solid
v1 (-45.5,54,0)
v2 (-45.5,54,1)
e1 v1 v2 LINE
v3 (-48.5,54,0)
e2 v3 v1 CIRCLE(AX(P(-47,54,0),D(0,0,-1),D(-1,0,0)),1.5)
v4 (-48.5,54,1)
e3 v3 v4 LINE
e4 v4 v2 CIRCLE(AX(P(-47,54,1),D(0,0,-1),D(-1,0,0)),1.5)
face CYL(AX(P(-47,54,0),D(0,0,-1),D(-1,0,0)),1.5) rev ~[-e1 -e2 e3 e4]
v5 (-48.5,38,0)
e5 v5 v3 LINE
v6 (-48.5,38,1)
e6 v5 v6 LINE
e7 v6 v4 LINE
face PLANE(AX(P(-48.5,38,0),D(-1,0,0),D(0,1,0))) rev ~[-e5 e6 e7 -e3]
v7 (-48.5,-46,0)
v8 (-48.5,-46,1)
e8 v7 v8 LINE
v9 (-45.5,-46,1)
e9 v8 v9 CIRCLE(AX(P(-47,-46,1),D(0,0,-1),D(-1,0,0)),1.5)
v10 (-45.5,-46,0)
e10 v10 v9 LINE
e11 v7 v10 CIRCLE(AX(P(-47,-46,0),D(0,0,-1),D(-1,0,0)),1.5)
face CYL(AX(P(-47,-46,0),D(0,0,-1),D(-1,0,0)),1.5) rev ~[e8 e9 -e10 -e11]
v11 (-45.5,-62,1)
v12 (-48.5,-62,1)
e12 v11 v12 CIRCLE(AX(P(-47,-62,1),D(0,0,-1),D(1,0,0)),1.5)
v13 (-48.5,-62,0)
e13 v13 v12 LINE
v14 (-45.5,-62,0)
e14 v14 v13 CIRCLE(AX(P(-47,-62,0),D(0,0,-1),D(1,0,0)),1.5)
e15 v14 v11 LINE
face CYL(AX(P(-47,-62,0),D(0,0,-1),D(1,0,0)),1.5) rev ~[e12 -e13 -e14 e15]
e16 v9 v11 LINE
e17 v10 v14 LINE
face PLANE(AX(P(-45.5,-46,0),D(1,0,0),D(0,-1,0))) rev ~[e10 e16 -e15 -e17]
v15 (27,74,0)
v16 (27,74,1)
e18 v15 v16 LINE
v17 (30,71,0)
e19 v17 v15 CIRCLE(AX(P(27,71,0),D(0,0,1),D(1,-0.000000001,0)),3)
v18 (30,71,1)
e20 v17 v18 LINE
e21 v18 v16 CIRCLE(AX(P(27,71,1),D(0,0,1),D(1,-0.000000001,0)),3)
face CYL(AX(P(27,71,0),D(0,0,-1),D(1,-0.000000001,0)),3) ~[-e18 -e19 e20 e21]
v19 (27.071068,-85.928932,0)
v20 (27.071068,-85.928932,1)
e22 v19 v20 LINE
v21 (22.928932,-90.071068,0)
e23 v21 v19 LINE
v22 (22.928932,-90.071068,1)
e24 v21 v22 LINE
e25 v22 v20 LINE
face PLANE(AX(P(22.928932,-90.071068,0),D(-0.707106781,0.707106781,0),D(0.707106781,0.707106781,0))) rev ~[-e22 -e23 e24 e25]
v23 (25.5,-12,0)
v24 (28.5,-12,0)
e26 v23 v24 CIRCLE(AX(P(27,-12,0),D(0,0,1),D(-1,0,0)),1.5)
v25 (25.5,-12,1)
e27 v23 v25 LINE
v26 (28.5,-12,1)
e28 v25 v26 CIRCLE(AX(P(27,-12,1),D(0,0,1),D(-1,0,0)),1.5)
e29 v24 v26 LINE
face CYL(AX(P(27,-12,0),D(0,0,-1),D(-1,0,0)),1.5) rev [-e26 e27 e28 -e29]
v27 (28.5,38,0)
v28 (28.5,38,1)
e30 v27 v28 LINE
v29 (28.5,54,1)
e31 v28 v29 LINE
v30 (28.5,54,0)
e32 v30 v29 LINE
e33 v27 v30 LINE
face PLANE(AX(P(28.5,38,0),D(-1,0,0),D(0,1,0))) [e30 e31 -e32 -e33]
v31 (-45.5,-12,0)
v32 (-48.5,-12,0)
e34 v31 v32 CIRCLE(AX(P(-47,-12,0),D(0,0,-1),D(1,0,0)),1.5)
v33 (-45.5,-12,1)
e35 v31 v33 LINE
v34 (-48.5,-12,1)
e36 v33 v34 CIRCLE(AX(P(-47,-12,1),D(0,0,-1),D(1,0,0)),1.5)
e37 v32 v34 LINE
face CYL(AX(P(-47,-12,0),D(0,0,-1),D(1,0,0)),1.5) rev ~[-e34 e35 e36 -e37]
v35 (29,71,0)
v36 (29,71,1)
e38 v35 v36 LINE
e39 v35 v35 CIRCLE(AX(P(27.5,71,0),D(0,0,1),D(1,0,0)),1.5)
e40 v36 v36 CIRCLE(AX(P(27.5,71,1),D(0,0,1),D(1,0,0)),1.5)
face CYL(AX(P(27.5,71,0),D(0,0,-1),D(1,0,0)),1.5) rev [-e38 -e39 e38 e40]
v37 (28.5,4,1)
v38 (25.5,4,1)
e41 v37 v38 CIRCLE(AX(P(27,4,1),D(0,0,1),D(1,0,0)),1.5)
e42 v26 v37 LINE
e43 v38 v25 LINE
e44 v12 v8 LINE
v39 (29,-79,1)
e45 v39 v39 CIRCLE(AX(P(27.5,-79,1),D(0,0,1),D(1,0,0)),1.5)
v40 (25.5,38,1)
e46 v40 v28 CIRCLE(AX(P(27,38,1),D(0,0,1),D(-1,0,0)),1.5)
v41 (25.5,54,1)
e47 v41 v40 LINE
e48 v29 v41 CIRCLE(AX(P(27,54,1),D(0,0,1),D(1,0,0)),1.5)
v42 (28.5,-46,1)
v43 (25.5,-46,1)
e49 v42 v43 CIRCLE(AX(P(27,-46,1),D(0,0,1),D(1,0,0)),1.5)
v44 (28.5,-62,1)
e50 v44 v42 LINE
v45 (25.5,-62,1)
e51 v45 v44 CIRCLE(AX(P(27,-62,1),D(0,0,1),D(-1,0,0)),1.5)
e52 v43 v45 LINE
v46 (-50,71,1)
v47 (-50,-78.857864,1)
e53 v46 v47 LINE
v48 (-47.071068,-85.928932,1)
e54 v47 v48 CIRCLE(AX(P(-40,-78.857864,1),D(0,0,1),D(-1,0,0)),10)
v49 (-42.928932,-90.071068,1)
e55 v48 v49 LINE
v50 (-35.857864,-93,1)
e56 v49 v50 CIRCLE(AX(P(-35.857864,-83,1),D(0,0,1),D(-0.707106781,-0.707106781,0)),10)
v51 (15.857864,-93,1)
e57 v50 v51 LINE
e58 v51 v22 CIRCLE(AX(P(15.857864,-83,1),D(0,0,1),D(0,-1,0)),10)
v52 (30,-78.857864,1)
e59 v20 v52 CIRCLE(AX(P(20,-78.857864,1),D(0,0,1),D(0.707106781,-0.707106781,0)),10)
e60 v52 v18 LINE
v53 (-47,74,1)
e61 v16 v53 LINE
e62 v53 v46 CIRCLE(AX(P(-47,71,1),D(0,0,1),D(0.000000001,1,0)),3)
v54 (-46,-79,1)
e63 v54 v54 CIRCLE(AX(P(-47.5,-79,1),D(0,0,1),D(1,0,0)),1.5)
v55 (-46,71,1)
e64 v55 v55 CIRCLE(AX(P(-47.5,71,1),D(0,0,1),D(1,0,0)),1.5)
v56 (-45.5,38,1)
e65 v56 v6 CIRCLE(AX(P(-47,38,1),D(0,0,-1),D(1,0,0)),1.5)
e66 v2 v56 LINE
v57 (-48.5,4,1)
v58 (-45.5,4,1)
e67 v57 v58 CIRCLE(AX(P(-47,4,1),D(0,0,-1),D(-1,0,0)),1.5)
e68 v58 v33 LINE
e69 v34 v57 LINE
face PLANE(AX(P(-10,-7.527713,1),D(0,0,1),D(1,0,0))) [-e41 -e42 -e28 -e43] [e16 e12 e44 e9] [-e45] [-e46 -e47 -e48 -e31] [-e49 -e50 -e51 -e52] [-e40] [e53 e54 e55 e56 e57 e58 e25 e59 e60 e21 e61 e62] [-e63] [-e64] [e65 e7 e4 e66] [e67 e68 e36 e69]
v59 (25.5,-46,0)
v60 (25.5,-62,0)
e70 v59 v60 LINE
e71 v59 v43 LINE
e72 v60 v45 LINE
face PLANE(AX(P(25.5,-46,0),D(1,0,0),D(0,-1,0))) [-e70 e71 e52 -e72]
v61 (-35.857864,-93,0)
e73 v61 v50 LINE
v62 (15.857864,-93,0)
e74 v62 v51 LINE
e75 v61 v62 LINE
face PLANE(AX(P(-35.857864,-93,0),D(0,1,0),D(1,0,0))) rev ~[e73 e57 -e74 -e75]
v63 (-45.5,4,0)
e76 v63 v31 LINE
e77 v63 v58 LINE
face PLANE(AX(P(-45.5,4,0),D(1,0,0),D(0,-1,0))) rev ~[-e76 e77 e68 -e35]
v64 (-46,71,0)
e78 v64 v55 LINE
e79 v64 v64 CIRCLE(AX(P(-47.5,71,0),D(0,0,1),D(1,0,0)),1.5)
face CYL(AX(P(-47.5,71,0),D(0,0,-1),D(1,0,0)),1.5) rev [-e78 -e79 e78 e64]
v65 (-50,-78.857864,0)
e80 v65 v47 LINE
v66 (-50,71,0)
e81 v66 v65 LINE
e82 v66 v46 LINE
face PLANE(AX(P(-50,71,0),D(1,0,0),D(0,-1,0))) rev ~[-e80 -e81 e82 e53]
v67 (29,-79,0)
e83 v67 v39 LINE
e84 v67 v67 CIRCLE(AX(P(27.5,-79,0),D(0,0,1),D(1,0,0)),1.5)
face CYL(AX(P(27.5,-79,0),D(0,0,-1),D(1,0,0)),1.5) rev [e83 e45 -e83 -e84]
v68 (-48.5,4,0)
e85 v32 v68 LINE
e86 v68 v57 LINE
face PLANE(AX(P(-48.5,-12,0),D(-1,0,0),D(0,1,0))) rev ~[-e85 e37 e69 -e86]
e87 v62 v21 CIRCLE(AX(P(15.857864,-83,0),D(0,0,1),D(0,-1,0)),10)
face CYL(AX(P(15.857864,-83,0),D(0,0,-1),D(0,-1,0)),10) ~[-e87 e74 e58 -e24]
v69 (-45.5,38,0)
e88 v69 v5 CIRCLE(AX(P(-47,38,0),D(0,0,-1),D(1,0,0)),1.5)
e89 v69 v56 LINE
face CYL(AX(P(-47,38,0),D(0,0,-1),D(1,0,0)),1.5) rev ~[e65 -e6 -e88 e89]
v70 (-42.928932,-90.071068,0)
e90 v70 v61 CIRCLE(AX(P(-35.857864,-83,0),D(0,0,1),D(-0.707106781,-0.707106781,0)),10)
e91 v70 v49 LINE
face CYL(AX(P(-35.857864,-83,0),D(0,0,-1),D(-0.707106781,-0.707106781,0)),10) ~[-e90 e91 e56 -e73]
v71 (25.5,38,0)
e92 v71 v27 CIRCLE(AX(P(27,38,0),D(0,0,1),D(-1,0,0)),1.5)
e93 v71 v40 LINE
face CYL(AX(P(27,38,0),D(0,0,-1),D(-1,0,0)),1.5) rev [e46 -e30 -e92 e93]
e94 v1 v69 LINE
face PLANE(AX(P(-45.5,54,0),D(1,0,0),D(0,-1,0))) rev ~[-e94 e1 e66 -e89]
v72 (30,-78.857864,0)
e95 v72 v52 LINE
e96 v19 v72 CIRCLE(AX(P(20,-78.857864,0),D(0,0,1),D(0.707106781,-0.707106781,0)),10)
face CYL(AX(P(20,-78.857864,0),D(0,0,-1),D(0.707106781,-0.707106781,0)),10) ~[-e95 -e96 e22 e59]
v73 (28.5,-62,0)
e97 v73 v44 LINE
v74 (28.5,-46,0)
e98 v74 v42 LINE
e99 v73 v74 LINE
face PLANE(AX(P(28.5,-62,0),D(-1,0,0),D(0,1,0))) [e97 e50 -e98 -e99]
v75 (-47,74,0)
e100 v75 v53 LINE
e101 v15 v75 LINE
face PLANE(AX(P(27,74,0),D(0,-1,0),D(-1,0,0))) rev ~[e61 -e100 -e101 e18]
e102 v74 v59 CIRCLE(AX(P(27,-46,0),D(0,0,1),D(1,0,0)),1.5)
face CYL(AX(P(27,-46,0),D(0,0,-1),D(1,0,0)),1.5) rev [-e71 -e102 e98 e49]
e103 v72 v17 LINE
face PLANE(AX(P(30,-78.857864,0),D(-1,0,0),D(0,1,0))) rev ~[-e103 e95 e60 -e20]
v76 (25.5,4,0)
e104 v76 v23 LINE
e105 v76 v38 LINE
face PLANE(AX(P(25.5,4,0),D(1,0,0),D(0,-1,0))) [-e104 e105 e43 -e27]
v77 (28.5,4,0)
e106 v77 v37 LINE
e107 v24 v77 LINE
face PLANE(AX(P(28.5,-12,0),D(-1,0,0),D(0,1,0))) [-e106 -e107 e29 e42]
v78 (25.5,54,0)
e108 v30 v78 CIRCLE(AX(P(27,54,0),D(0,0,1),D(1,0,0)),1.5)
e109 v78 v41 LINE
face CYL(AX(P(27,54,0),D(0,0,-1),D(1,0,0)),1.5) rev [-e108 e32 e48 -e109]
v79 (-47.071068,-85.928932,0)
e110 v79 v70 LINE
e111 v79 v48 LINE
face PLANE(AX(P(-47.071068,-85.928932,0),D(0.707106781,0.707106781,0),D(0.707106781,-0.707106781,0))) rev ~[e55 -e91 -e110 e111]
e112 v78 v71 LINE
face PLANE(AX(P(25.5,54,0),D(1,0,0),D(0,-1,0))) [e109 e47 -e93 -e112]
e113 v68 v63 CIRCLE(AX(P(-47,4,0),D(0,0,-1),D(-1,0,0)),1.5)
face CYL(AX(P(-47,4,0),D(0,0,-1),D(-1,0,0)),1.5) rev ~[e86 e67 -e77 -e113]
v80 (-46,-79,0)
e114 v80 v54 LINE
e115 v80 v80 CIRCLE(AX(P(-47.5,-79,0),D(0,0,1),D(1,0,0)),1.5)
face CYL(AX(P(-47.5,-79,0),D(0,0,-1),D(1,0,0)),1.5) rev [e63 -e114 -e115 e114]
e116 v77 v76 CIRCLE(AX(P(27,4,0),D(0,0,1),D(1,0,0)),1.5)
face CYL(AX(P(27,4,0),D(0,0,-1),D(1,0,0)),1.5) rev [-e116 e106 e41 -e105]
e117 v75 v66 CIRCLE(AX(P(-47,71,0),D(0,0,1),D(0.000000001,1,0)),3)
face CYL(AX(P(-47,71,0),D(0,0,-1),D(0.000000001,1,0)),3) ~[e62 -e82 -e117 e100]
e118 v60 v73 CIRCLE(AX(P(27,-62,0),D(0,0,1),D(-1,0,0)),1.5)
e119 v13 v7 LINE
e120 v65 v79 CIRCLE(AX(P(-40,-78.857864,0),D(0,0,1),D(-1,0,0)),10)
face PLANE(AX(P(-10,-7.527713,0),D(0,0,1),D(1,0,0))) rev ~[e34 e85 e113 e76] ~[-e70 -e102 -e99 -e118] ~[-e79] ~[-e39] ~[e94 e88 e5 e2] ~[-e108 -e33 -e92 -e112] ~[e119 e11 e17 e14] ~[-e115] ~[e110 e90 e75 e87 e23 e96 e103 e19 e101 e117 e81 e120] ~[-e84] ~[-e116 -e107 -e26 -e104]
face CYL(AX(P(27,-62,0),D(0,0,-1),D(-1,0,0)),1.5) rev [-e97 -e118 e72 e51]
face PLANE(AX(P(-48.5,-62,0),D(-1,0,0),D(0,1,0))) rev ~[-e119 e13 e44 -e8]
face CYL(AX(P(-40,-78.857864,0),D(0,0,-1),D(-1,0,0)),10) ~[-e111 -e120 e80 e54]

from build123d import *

# Parameters (mm, degrees)
SKETCH2_R           = 1.5
BOSS_EXTRUDE1_DEPTH = 1


with BuildPart() as part:
    # Sketch2 → Boss-Extrude1 (new body)
    with BuildSketch(Plane.XY):
        with BuildLine():
            Line((-35.857864376, -93), (15.857864376, -93))
            ThreePointArc((15.857864376, -93), (19.6846987, -92.238795325), (22.928932188, -90.071067812))
            Line((22.928932188, -90.071067812), (27.071067812, -85.928932188))
            ThreePointArc((27.071067812, -85.928932188), (29.238795325, -82.6846987), (30, -78.857864376))
            Line((30, -78.857864376), (30, 71))
            ThreePointArc((30, 71), (29.121320344, 73.121320344), (27, 74))
            Line((27, 74), (-47, 74))
            ThreePointArc((-47, 74), (-49.121320344, 73.121320344), (-50, 71))
            Line((-50, 71), (-50, -78.857864376))
            ThreePointArc((-50, -78.857864376), (-49.238795325, -82.6846987), (-47.071067812, -85.928932188))
            Line((-47.071067812, -85.928932188), (-42.928932188, -90.071067812))
            ThreePointArc((-42.928932188, -90.071067812), (-39.6846987, -92.238795325), (-35.857864376, -93))
        make_face()
        with Locations((-47.5, 71)):
            Circle(SKETCH2_R, mode=Mode.SUBTRACT)
        with Locations((27.5, 71)):
            Circle(SKETCH2_R, mode=Mode.SUBTRACT)
        with Locations((-47.5, -79)):
            Circle(SKETCH2_R, mode=Mode.SUBTRACT)
        with Locations((27.5, -79)):
            Circle(SKETCH2_R, mode=Mode.SUBTRACT)
        with BuildLine():
            Line((-48.5, -12), (-48.5, 4))
            ThreePointArc((-48.5, 4), (-47, 5.5), (-45.5, 4))
            Line((-45.5, 4), (-45.5, -12))
            ThreePointArc((-45.5, -12), (-47, -13.5), (-48.5, -12))
        make_face(mode=Mode.SUBTRACT)
        with BuildLine():
            Line((28.5, -12), (28.5, 4))
            ThreePointArc((28.5, 4), (27, 5.5), (25.5, 4))
            Line((25.5, 4), (25.5, -12))
            ThreePointArc((25.5, -12), (27, -13.5), (28.5, -12))
        make_face(mode=Mode.SUBTRACT)
        with BuildLine():
            Line((-48.5, 38), (-48.5, 54))
            ThreePointArc((-48.5, 54), (-47, 55.5), (-45.5, 54))
            Line((-45.5, 54), (-45.5, 38))
            ThreePointArc((-45.5, 38), (-47, 36.5), (-48.5, 38))
        make_face(mode=Mode.SUBTRACT)
        with BuildLine():
            Line((-45.5, -46), (-45.5, -62))
            ThreePointArc((-45.5, -62), (-47, -63.5), (-48.5, -62))
            Line((-48.5, -62), (-48.5, -46))
            ThreePointArc((-48.5, -46), (-47, -44.5), (-45.5, -46))
        make_face(mode=Mode.SUBTRACT)
        with BuildLine():
            Line((28.5, 38), (28.5, 54))
            ThreePointArc((28.5, 54), (27, 55.5), (25.5, 54))
            Line((25.5, 54), (25.5, 38))
            ThreePointArc((25.5, 38), (27, 36.5), (28.5, 38))
        make_face(mode=Mode.SUBTRACT)
        with BuildLine():
            Line((25.5, -46), (25.5, -62))
            ThreePointArc((25.5, -62), (27, -63.5), (28.5, -62))
            Line((28.5, -62), (28.5, -46))
            ThreePointArc((28.5, -46), (27, -44.5), (25.5, -46))
        make_face(mode=Mode.SUBTRACT)
    extrude(amount=BOSS_EXTRUDE1_DEPTH)


solid = part.part
